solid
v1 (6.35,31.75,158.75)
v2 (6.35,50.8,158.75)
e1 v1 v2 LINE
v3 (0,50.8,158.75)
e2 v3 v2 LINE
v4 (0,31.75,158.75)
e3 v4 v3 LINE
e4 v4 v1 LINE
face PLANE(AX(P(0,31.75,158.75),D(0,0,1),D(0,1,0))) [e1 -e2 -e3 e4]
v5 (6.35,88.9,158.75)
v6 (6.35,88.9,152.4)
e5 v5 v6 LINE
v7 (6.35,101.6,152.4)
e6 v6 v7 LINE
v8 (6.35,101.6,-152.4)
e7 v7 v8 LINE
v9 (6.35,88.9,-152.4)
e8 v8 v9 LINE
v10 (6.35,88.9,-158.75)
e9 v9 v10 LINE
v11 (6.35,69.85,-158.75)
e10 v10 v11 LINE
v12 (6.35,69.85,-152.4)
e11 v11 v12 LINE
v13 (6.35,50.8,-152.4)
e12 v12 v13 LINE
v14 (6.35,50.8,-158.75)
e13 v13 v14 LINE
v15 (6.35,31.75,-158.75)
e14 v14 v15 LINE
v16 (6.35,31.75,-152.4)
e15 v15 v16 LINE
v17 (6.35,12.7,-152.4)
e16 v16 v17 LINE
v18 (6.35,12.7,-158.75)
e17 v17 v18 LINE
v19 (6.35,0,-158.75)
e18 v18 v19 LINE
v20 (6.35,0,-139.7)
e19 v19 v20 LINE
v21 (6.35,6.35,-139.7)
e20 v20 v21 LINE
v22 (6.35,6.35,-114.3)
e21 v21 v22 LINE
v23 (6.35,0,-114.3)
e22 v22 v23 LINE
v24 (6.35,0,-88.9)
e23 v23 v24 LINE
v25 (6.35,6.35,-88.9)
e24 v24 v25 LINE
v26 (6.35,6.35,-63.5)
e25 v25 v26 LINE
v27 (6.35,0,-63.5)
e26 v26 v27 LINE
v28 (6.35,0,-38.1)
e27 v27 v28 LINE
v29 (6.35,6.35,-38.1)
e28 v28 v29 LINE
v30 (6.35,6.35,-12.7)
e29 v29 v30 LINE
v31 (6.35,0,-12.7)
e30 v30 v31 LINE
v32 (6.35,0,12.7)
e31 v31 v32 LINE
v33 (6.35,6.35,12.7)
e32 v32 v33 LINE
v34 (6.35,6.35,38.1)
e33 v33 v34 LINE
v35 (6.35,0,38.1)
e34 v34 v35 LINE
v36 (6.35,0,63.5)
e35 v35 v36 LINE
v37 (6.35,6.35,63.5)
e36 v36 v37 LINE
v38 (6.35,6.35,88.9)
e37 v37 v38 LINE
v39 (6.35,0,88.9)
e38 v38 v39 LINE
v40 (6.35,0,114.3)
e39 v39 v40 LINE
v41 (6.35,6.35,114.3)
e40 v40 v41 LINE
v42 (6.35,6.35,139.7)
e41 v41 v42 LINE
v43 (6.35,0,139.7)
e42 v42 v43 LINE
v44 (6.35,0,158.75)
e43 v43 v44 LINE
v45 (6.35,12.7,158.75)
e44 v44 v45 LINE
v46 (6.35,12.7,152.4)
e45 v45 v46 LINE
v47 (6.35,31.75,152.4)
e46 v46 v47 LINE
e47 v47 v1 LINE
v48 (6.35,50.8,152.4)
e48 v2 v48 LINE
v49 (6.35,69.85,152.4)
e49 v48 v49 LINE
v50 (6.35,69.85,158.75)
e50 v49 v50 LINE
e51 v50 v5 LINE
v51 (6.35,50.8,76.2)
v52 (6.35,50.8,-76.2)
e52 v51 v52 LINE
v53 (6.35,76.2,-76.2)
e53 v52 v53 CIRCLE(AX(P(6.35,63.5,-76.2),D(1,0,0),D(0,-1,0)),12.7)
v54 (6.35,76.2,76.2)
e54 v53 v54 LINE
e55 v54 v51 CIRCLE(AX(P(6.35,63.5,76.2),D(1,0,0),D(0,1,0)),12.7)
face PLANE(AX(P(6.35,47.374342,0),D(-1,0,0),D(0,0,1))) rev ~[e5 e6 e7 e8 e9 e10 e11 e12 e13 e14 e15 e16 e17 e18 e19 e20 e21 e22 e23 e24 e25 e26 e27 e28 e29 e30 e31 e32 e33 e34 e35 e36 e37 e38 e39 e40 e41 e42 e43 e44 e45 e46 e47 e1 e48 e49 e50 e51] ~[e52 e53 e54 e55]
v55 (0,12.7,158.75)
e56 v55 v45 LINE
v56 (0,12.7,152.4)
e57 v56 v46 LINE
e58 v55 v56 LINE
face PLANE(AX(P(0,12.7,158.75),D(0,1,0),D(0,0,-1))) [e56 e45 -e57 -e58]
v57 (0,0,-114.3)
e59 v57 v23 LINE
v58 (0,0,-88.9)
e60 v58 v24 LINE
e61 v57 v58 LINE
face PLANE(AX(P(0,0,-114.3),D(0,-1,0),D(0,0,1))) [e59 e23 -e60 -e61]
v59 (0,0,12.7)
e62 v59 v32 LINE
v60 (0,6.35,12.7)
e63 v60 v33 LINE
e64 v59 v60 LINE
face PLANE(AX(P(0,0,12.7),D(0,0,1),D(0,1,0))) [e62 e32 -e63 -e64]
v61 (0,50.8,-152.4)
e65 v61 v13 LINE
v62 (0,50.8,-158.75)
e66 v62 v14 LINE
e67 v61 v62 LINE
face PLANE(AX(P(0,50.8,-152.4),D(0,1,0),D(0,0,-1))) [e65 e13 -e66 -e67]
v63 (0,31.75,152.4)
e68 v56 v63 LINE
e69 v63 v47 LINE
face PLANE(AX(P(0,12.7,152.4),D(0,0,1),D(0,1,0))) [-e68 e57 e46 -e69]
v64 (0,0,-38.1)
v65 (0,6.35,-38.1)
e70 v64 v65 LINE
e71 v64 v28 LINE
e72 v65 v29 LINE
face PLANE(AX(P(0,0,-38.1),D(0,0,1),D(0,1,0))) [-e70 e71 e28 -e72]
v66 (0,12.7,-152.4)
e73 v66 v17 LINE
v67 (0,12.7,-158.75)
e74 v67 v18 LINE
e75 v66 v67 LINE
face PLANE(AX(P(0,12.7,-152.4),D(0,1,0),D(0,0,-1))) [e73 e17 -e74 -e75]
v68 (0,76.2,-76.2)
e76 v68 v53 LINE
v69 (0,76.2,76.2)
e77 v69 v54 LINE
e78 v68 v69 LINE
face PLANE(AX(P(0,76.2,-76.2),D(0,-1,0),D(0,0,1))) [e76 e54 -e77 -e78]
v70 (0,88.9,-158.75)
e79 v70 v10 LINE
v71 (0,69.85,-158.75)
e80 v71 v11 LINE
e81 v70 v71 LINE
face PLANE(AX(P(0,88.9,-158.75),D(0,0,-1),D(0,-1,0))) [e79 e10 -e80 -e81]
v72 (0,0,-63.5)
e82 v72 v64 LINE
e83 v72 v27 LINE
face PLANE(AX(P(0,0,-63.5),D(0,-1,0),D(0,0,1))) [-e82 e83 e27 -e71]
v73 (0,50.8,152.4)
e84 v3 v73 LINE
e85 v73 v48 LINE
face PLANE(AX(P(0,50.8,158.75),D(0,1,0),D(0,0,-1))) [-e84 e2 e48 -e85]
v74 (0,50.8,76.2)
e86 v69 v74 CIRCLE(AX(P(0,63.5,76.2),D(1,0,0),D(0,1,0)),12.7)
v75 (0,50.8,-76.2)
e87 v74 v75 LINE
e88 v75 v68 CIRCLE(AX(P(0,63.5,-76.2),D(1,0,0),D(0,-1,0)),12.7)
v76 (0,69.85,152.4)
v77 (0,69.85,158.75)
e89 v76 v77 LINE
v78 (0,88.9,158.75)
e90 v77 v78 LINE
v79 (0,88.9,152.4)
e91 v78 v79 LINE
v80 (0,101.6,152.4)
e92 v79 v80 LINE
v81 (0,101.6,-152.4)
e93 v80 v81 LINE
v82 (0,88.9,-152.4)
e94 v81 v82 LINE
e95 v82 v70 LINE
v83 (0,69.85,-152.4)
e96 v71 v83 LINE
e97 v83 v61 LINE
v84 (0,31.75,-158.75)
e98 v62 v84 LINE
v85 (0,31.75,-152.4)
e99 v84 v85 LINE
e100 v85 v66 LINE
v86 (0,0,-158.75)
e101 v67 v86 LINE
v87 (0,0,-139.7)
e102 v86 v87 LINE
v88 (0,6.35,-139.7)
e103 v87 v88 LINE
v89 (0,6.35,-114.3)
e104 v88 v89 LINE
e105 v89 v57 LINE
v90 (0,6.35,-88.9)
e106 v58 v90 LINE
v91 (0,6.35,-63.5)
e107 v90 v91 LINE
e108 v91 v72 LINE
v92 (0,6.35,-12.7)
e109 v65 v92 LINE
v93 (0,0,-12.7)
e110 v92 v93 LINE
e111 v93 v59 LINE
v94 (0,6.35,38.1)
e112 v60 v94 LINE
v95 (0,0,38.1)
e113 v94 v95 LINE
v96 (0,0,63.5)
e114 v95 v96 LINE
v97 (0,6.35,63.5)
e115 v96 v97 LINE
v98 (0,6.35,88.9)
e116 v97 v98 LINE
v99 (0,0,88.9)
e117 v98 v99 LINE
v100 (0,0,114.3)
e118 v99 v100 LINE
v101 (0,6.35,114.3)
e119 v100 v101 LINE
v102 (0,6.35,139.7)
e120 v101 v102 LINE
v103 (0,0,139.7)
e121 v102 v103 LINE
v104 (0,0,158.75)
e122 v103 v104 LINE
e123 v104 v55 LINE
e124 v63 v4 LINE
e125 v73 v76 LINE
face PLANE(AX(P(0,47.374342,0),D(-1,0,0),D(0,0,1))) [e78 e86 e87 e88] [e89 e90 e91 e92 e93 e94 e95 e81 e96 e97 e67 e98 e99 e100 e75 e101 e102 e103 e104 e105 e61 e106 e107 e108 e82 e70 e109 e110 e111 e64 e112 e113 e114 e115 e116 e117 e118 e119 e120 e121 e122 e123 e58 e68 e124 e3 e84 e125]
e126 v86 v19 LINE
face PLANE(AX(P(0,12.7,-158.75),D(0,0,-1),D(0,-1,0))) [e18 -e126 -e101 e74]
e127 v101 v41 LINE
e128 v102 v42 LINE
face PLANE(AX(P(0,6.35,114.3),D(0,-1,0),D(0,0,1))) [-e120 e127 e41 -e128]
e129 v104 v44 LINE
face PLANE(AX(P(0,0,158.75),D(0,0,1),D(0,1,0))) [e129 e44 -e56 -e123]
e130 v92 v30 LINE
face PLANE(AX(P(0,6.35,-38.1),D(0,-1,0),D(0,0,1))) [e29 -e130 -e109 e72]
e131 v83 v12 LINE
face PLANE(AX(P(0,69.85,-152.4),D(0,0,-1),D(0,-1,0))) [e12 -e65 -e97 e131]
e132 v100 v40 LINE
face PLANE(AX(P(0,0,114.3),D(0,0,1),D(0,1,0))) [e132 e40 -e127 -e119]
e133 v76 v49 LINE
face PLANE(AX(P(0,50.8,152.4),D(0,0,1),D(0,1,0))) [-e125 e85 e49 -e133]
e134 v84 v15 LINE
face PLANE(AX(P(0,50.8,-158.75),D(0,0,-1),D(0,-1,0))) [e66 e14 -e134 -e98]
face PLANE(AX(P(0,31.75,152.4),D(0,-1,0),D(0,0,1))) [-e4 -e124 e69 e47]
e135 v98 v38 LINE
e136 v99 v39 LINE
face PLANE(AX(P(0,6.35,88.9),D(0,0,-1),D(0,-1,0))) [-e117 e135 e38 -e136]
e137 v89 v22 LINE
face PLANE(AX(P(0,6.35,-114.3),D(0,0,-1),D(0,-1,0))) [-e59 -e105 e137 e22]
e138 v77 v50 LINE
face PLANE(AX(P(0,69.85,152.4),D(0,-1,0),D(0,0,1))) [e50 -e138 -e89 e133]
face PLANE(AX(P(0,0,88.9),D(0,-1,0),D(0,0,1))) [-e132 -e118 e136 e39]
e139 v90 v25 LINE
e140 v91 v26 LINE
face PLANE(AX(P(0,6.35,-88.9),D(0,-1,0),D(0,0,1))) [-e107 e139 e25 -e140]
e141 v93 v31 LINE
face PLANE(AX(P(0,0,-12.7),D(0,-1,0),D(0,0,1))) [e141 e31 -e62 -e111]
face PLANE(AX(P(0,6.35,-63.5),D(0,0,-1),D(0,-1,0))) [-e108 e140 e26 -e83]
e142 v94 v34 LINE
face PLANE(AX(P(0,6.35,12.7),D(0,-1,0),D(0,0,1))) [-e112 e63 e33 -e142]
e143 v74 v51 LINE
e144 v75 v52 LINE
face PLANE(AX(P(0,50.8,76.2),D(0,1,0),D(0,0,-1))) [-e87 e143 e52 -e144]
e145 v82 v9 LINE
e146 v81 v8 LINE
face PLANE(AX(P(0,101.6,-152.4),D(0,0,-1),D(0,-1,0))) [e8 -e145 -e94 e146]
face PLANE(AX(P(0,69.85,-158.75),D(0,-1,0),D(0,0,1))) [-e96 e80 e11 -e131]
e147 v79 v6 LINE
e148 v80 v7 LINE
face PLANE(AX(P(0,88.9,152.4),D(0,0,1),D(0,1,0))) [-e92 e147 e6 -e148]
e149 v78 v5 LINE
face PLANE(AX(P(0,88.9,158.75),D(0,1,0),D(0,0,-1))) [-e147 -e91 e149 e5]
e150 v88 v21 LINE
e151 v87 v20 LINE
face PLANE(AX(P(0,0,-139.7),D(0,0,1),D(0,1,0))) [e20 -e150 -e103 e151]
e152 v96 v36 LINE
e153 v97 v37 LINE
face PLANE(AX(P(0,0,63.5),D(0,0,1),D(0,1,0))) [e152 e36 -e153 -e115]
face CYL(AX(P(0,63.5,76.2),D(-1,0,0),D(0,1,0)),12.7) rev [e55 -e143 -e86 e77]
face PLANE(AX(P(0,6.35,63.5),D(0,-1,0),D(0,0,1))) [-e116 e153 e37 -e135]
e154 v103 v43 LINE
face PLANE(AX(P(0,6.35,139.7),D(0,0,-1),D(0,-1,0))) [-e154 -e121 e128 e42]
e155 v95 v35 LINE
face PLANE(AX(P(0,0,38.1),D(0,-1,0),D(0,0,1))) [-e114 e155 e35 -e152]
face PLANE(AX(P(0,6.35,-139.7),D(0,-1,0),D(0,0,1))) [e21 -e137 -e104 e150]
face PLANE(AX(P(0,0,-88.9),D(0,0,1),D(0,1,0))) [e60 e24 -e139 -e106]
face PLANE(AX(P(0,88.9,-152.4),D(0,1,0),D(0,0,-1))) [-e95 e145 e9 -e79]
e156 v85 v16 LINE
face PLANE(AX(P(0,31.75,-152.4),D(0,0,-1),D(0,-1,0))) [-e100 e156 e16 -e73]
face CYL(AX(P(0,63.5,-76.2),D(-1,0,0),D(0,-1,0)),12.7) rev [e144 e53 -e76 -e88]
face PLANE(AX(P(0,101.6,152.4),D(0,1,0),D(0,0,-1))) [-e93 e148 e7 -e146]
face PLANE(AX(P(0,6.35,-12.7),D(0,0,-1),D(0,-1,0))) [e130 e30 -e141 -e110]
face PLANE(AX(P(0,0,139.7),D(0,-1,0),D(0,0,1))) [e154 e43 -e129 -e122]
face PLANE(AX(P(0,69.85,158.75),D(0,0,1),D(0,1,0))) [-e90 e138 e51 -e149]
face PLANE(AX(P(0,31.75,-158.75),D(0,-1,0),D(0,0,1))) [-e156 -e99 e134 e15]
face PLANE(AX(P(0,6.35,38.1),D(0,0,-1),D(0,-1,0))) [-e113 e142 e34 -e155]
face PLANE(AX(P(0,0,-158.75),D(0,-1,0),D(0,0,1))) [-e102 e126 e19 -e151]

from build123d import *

# Parameters (mm, degrees)
BOSS_EXTRUDE1_DEPTH = 6.35


with BuildPart() as part:
    # Sketch2 → Boss-Extrude1 (new body)
    with BuildSketch(Plane(origin=(0, 0, 0), x_dir=(0, 0, -1), z_dir=(1, 0, 0))):
        Polygon((-152.4, 101.6), (152.4, 101.6), (152.4, 88.9), (158.75, 88.9), (158.75, 69.85), (152.4, 69.85), (152.4, 50.8), (158.75, 50.8), (158.75, 31.75), (152.4, 31.75), (152.4, 12.7), (158.75, 12.7), (158.75, 0), (139.7, 0), (139.7, 6.35), (114.3, 6.35), (114.3, 0), (88.9, 0), (88.9, 6.35), (63.5, 6.35), (63.5, 0), (38.1, 0), (38.1, 6.35), (12.7, 6.35), (12.7, 0), (-12.7, 0), (-12.7, 6.35), (-38.1, 6.35), (-38.1, 0), (-63.5, 0), (-63.5, 6.35), (-88.9, 6.35), (-88.9, 0), (-114.3, 0), (-114.3, 6.35), (-139.7, 6.35), (-139.7, 0), (-158.75, 0), (-158.75, 12.7), (-152.4, 12.7), (-152.4, 31.75), (-158.75, 31.75), (-158.75, 50.8), (-152.4, 50.8), (-152.4, 69.85), (-158.75, 69.85), (-158.75, 88.9), (-152.4, 88.9), align=None)
        with BuildLine():
            Line((-76.2, 50.8), (76.2, 50.8))
            ThreePointArc((76.2, 50.8), (88.9, 63.5), (76.2, 76.2))
            Line((76.2, 76.2), (-76.2, 76.2))
            ThreePointArc((-76.2, 76.2), (-88.9, 63.5), (-76.2, 50.8))
        make_face(mode=Mode.SUBTRACT)
    extrude(amount=BOSS_EXTRUDE1_DEPTH)


solid = part.part
